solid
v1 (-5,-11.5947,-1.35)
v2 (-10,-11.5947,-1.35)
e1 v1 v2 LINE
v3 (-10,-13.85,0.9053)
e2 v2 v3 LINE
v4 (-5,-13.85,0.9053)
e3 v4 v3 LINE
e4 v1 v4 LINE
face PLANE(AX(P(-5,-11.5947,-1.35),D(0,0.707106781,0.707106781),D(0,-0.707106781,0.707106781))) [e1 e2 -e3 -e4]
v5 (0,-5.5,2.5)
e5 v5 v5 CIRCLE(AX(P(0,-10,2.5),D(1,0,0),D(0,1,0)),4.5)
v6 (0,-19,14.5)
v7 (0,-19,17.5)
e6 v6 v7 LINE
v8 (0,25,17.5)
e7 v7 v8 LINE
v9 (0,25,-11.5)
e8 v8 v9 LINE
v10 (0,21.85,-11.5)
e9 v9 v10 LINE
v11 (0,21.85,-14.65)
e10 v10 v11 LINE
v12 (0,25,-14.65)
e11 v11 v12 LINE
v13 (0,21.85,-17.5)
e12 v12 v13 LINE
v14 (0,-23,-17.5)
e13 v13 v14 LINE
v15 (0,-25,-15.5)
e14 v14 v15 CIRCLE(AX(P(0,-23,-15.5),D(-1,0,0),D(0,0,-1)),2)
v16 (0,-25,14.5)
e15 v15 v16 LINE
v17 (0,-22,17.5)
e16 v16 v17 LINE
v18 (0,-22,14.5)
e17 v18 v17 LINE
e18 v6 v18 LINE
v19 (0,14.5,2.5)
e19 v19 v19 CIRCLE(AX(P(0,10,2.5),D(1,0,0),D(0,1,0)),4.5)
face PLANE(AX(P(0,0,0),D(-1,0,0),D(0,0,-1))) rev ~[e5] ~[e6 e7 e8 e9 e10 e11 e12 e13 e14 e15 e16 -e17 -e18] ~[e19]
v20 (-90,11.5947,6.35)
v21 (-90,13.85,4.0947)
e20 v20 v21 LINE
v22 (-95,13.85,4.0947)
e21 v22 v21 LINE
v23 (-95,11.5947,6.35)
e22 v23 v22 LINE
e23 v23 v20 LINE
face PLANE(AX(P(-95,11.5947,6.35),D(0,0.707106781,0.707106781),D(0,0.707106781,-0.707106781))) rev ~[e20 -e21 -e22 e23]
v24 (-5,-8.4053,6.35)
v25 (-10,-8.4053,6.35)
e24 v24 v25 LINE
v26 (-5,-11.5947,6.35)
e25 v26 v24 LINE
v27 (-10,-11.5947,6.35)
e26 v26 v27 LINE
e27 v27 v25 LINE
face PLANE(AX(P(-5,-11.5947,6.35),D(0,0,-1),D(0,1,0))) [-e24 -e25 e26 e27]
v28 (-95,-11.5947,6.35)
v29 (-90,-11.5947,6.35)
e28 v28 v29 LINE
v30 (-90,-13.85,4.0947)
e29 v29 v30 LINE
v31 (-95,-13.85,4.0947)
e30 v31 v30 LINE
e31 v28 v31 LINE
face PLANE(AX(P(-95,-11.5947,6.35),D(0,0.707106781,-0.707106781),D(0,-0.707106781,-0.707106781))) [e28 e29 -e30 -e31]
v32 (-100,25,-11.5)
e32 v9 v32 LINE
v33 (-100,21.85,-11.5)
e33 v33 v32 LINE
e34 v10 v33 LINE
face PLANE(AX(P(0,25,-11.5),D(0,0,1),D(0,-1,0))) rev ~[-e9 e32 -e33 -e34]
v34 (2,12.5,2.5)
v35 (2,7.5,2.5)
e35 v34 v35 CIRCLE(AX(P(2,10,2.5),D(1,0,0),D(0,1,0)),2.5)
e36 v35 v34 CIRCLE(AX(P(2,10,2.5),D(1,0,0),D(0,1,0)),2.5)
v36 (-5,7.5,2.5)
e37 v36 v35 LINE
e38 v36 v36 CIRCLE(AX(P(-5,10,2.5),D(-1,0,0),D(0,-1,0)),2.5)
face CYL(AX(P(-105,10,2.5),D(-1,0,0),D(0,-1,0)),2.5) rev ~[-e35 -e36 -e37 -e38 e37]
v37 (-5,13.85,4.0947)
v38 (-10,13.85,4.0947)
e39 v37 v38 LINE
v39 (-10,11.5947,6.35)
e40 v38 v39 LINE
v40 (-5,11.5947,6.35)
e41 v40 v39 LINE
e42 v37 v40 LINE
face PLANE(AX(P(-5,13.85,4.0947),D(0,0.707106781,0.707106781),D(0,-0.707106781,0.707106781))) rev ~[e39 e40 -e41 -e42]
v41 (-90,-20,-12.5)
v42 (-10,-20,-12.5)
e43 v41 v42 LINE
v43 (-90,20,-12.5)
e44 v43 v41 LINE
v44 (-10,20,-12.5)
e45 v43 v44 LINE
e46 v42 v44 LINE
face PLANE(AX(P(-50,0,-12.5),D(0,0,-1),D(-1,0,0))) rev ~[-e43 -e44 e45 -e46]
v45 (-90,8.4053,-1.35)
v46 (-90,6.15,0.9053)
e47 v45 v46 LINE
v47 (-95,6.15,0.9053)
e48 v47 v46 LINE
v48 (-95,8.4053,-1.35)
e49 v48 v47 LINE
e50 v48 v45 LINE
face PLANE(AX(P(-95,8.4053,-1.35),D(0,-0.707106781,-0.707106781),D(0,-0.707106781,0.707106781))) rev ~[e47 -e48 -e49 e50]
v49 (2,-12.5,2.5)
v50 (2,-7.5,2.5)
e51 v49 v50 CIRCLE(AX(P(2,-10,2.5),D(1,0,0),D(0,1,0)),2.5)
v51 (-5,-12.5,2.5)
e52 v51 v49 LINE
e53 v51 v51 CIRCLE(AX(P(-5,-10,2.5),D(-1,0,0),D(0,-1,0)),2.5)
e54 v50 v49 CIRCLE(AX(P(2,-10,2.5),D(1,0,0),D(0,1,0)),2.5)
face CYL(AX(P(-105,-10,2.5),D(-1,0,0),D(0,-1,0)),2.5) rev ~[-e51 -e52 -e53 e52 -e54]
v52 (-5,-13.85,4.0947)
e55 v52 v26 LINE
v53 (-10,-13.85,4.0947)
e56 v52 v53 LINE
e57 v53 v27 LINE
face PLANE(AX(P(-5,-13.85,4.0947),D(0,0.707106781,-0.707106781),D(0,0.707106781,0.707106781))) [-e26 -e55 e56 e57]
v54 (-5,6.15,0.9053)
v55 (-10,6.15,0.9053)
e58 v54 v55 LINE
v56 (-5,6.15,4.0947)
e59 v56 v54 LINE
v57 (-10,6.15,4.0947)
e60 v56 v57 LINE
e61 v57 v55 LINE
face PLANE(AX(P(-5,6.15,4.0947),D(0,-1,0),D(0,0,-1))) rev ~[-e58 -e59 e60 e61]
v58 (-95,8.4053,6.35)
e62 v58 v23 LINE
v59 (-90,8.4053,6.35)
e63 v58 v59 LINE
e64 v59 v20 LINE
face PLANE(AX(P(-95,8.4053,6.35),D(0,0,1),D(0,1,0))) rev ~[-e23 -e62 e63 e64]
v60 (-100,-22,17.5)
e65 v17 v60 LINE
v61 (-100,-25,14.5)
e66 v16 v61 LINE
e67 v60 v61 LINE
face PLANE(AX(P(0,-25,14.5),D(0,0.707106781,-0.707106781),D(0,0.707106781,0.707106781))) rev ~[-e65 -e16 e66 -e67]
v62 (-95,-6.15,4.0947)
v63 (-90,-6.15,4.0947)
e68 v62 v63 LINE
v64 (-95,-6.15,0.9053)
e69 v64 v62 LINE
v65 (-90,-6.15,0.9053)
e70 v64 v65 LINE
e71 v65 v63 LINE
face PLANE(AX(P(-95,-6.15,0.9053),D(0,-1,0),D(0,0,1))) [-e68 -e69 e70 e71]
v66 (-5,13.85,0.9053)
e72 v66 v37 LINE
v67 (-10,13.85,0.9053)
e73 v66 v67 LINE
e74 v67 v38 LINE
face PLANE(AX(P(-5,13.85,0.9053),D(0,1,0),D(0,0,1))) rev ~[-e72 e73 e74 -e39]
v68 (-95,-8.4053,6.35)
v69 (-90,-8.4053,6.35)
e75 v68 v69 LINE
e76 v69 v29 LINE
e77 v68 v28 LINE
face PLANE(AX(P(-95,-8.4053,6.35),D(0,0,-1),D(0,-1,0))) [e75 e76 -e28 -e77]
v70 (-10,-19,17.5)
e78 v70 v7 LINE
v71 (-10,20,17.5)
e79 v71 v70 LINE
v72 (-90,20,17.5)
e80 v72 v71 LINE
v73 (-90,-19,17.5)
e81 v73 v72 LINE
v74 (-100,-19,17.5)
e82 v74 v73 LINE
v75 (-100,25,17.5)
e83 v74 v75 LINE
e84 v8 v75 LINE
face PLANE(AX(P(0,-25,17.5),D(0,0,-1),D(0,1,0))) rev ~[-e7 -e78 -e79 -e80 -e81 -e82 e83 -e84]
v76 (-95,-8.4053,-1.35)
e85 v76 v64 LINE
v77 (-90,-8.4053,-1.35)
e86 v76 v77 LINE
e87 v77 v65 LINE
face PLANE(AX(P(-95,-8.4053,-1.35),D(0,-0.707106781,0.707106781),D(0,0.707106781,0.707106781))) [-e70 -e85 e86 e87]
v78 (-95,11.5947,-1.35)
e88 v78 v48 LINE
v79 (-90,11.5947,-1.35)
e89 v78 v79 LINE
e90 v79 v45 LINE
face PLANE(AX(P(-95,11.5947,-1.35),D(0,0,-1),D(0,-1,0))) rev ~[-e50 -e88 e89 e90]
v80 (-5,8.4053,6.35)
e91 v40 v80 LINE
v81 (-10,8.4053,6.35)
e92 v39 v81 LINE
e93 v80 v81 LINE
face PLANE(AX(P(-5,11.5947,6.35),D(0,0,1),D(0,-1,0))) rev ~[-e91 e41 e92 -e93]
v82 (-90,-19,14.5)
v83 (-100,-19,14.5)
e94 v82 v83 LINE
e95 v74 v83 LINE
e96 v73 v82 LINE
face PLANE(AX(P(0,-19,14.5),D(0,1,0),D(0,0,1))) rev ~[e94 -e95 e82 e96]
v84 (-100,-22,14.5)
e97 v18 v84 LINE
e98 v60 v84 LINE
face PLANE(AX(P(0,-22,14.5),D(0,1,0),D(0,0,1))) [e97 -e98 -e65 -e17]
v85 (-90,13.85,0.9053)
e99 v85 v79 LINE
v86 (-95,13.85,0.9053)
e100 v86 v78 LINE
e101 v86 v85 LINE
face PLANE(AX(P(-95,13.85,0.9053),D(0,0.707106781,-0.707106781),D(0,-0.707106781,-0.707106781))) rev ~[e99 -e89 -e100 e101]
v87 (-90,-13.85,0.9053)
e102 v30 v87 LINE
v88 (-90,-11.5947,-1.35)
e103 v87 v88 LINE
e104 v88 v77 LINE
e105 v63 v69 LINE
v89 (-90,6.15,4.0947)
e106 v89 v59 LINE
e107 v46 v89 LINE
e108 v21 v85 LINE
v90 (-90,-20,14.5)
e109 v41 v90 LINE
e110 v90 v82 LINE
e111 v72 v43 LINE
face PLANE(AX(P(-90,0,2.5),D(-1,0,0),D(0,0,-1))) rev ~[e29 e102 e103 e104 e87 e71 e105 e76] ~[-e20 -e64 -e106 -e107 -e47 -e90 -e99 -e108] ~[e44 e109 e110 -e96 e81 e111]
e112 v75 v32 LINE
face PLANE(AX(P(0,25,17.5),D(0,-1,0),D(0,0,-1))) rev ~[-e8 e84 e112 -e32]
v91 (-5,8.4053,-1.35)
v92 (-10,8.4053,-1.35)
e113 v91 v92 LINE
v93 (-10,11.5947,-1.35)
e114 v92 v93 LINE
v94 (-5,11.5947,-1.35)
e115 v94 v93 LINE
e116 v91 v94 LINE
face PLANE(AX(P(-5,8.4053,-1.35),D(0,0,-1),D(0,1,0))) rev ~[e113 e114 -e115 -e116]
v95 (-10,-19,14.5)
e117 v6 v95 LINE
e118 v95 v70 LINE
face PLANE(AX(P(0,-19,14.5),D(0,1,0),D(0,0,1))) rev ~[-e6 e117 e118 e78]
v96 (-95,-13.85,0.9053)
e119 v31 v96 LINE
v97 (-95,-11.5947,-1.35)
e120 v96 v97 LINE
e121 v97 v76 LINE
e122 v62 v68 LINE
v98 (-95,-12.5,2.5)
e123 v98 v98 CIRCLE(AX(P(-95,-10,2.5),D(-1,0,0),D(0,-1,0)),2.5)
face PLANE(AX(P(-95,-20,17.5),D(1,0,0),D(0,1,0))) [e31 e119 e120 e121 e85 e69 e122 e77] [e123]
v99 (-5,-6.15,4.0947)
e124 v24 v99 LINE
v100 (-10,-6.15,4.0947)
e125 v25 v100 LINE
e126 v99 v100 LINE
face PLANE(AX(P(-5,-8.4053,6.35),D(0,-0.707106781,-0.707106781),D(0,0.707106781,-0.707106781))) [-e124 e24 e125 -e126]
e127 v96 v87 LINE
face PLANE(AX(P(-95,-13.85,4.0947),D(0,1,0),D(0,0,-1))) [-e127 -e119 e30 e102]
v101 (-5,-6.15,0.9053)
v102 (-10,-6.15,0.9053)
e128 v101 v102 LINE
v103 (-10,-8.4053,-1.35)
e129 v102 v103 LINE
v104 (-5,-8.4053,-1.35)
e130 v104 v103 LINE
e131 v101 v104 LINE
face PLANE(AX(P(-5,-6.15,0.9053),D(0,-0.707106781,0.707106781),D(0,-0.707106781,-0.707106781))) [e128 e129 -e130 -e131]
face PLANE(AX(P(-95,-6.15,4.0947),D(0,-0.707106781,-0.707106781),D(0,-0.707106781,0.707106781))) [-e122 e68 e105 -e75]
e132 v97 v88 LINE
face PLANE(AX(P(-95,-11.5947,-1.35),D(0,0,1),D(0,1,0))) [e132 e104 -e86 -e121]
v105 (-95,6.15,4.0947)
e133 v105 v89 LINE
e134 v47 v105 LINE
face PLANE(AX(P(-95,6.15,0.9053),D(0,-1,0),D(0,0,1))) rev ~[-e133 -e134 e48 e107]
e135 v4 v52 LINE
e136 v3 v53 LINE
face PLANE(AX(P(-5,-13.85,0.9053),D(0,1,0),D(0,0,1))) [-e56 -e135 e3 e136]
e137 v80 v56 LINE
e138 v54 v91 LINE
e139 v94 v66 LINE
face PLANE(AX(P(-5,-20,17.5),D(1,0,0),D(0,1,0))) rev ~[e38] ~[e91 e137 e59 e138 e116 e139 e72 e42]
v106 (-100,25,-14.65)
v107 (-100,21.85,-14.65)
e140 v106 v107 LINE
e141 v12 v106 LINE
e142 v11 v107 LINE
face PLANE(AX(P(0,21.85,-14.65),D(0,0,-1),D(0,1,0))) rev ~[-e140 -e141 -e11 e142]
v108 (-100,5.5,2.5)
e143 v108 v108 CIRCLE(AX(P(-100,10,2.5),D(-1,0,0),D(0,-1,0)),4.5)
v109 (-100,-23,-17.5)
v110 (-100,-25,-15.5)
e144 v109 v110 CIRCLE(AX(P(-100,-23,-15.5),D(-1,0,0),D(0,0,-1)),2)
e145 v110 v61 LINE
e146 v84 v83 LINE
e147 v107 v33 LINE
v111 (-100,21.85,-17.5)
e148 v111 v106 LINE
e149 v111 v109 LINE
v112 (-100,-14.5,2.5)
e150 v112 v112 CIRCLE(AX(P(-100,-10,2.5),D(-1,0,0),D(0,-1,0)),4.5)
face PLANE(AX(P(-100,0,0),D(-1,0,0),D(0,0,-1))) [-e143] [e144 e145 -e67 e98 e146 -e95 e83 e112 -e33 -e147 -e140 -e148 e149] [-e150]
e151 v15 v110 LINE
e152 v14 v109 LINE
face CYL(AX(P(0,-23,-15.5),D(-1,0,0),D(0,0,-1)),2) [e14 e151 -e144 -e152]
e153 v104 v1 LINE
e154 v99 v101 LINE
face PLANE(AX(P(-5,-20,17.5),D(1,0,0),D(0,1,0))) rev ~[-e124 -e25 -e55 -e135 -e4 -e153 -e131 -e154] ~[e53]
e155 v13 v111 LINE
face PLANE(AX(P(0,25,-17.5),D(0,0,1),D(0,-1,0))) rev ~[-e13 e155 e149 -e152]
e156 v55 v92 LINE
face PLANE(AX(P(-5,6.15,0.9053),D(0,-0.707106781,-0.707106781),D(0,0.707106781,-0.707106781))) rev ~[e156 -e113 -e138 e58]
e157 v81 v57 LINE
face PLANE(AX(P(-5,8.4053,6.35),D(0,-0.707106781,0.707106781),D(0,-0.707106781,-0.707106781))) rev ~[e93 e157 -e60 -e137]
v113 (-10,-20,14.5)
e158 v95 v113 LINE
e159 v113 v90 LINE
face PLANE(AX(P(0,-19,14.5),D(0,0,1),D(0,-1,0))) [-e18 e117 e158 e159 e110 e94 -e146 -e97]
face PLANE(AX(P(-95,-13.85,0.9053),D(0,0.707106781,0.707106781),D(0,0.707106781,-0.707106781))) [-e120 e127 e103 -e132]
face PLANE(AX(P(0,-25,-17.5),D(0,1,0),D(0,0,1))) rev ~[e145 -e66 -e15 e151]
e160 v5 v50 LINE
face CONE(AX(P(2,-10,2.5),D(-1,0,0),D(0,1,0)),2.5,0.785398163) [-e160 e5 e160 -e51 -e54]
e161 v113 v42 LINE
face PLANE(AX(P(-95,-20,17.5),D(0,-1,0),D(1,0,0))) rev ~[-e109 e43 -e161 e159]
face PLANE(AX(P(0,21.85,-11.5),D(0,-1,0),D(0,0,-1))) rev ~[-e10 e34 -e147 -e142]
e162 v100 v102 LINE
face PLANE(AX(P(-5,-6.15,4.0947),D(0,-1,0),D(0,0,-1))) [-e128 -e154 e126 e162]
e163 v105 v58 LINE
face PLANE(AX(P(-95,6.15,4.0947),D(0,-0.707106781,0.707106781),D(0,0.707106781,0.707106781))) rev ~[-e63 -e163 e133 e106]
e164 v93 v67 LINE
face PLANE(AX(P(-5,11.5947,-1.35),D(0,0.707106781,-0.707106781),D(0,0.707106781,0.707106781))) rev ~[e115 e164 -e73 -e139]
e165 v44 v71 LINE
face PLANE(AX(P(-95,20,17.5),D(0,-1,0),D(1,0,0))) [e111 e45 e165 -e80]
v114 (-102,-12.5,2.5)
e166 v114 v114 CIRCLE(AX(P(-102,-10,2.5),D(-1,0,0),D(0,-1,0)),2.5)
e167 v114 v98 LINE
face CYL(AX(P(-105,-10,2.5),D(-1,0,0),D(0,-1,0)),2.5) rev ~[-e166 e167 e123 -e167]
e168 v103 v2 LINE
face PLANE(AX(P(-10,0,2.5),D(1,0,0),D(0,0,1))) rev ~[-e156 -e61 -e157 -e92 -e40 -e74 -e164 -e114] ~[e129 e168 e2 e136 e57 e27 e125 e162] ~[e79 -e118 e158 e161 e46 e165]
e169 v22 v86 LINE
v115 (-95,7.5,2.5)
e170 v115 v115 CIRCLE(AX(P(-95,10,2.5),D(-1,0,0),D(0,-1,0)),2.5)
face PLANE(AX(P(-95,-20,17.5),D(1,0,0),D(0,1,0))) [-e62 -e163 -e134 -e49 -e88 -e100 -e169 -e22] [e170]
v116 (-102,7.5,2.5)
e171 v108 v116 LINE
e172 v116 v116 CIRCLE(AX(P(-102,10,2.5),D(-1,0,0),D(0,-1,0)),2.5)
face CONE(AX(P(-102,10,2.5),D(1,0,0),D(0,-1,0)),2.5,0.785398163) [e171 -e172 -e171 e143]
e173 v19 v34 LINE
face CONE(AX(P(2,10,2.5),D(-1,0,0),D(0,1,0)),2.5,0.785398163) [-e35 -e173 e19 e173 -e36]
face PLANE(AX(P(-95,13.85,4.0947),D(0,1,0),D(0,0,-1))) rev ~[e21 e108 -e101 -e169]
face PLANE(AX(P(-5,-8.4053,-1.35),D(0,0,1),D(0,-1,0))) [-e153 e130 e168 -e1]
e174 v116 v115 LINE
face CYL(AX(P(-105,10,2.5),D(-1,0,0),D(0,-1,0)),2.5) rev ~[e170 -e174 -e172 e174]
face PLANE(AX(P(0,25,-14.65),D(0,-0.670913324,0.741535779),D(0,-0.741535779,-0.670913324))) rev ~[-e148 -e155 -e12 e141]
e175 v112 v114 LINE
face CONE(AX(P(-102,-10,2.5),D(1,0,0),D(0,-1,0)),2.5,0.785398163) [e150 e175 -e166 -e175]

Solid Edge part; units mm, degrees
sketch "Sketch1" plane through (0, 0, 0) normal (-1, 0, 0) x (0, -1, 0)
  line L0 (25, -17.5) -> (25, 17.5)
  line L1 (25, 17.5) -> (-25, 17.5)
  line L2 (-25, 17.5) -> (-25, -17.5)
  line L3 (-25, -17.5) -> (25, -17.5)
  dimension "D1" = 35
  dimension "D2" = 50
extrude "Protrusion1" add sketch "Sketch1" along normal blind 100
sketch "Sketch2" plane through (-50, 0, 17.5) normal (0, 0, 1) x (0, 1, 0)
  line L0 (20, 45) -> (20, -45)
  line L1 (-20, -45) -> (20, -45)
  line L2 (-20, 45) -> (-20, -45)
  line L3 (-20, 45) -> (20, 45)
  dimension "D1" = 90
  dimension "D2" = 5
  dimension "D3" = 90
  dimension "D4" = 5
extrude "Cutout1" cut sketch "Sketch2" against normal blind 30
sketch "Sketch3" plane through (-5, 0, 2.5) normal (-1, 0, 0) x (0, 1, 0)
  line L0 (-20, 15) -> (20, 15)
  line L1 (20, 15) -> (20, -15)
  line L2 (20, -15) -> (-20, -15)
  line L3 (-20, -15) -> (-20, 15)
  line L4 (11.5947, -3.85) -> (8.4053, -3.85)
  line L5 (8.4053, -3.85) -> (6.15, -1.5947)
  line L6 (6.15, -1.5947) -> (6.15, 1.5947)
  line L7 (6.15, 1.5947) -> (8.4053, 3.85)
  line L8 (8.4053, 3.85) -> (11.5947, 3.85)
  line L9 (11.5947, 3.85) -> (13.85, 1.5947)
  line L10 (13.85, 1.5947) -> (13.85, -1.5947)
  line L11 (13.85, -1.5947) -> (11.5947, -3.85)
  line L12 (-11.5947, -3.85) -> (-8.4053, -3.85)
  line L13 (-8.4053, -3.85) -> (-6.15, -1.5947)
  line L14 (-6.15, -1.5947) -> (-6.15, 1.5947)
  line L15 (-6.15, 1.5947) -> (-8.4053, 3.85)
  line L16 (-8.4053, 3.85) -> (-11.5947, 3.85)
  line L17 (-11.5947, 3.85) -> (-13.85, 1.5947)
  line L18 (-13.85, 1.5947) -> (-13.85, -1.5947)
  line L19 (-13.85, -1.5947) -> (-11.5947, -3.85)
extrude "Protrusion2" add sketch "Sketch3" along normal blind 5
sketch "Sketch4" plane through (0, 0, 0) normal (1, 0, 0) x (0, 1, 0)
  circle A0 centre (-10, 2.5) radius 2.5
  circle A1 centre (10, 2.5) radius 2.5
extrude "ExtrudedProtrusion_27" add sketch "Sketch4" along normal blind 5
chamfer "Chamfer_14" distance 2 angle 45 2 edges at (0, 7.5, 2.5) (0, -12.5, 2.5)
sketch "Sketch5" plane through (-100, 0, 0) normal (-1, 0, 0) x (0, -1, 0)
  circle A0 centre (-10, 2.5) radius 2.5
  circle A1 centre (10, 2.5) radius 2.5
extrude "ExtrudedProtrusion_29" add sketch "Sketch5" along normal blind 5
chamfer "Chamfer1" distance 2 angle 45 2 edges at (-100, 10, 0) (-100, -10, 0)
sketch "Sketch6" plane through (-105, 10, 2.5) normal (-1, 0, 0) x (0, -1, 0)
  circle A0 centre (0, 0) radius 2.5
  circle A1 centre (20, 0) radius 2.5
extrude "ExtrudedCutout_41" cut sketch "Sketch6" against normal blind 159
sketch "Sketch7" plane through (-95, 0, 2.5) normal (1, 0, 0) x (0, -1, 0)
  line L0 (-20, 15) -> (20, 15)
  line L1 (20, 15) -> (20, -15)
  line L2 (20, -15) -> (-20, -15)
  line L3 (-20, -15) -> (-20, 15)
  line L4 (-11.5947, 3.85) -> (-8.4053, 3.85)
  line L5 (-8.4053, 3.85) -> (-6.15, 1.5947)
  line L6 (-6.15, 1.5947) -> (-6.15, -1.5947)
  line L7 (-6.15, -1.5947) -> (-8.4053, -3.85)
  line L8 (-8.4053, -3.85) -> (-11.5947, -3.85)
  line L9 (-11.5947, -3.85) -> (-13.85, -1.5947)
  line L10 (-13.85, -1.5947) -> (-13.85, 1.5947)
  line L11 (-13.85, 1.5947) -> (-11.5947, 3.85)
  line L12 (6.15, 1.5947) -> (6.15, -1.5947)
  line L13 (6.15, -1.5947) -> (8.4053, -3.85)
  line L14 (8.4053, -3.85) -> (11.5947, -3.85)
  line L15 (11.5947, -3.85) -> (13.85, -1.5947)
  line L16 (13.85, -1.5947) -> (13.85, 1.5947)
  line L17 (13.85, 1.5947) -> (11.5947, 3.85)
  line L18 (11.5947, 3.85) -> (8.4053, 3.85)
  line L19 (8.4053, 3.85) -> (6.15, 1.5947)
extrude "ExtrudedProtrusion_30" add sketch "Sketch7" along normal blind 5
sketch "Sketch8" plane through (0, 0, 0) normal (1, 0, 0) x (0, -1, 0)
  line L0 (-25, 11.5) -> (-21.85, 11.5)
  line L1 (-21.85, 11.5) -> (-21.85, 14.65)
  line L2 (-21.85, 14.65) -> (-25, 14.65)
  line L3 (-25, 14.65) -> (-21.85, 17.5)
  line L4 (-21.85, 17.5) -> (-21.85, 20.916)
  line L5 (-21.85, 20.916) -> (-29.169, 20.916)
  line L6 (-29.169, 20.916) -> (-29.169, 11.5)
  line L7 (-29.169, 11.5) -> (-25, 11.5)
  dimension "D1" = 3.15
  dimension "D2" = 3.15
  dimension "D3" = 4.2479
  dimension "D4" = 3.416
  dimension "D5" = 7.319
  dimension "D6" = 9.416
  dimension "D7" = 4.169
extrude "Cutout2" cut sketch "Sketch8" against normal blind 112
fillet "Round_8" radius 2 1 edges at (-50, -25, -17.5)
sketch "Sketch9" plane through (0, 0, 0) normal (1, 0, 0) x (0, -1, 0)
  line L0 (22, -14.5) -> (22, -17.5)
  line L1 (25, -14.5) -> (22, -17.5)
  line L2 (25, -14.5) -> (26.5677, -14.5)
  line L3 (26.5677, -14.5) -> (24.562, -20.6312)
  line L4 (24.562, -20.6312) -> (19, -21.06)
  line L5 (19, -14.5) -> (19, -21.06)
  line L6 (19, -14.5) -> (22, -14.5)
  dimension "D1" = 6.56
  dimension "D2" = 3
  dimension "D3" = 4.2426
  dimension "D4" = 1.5677
  dimension "D5" = 6.4509
  dimension "D6" = 5.5785
extrude "ExtrudedCutout_43" cut sketch "Sketch9" against normal blind 210
